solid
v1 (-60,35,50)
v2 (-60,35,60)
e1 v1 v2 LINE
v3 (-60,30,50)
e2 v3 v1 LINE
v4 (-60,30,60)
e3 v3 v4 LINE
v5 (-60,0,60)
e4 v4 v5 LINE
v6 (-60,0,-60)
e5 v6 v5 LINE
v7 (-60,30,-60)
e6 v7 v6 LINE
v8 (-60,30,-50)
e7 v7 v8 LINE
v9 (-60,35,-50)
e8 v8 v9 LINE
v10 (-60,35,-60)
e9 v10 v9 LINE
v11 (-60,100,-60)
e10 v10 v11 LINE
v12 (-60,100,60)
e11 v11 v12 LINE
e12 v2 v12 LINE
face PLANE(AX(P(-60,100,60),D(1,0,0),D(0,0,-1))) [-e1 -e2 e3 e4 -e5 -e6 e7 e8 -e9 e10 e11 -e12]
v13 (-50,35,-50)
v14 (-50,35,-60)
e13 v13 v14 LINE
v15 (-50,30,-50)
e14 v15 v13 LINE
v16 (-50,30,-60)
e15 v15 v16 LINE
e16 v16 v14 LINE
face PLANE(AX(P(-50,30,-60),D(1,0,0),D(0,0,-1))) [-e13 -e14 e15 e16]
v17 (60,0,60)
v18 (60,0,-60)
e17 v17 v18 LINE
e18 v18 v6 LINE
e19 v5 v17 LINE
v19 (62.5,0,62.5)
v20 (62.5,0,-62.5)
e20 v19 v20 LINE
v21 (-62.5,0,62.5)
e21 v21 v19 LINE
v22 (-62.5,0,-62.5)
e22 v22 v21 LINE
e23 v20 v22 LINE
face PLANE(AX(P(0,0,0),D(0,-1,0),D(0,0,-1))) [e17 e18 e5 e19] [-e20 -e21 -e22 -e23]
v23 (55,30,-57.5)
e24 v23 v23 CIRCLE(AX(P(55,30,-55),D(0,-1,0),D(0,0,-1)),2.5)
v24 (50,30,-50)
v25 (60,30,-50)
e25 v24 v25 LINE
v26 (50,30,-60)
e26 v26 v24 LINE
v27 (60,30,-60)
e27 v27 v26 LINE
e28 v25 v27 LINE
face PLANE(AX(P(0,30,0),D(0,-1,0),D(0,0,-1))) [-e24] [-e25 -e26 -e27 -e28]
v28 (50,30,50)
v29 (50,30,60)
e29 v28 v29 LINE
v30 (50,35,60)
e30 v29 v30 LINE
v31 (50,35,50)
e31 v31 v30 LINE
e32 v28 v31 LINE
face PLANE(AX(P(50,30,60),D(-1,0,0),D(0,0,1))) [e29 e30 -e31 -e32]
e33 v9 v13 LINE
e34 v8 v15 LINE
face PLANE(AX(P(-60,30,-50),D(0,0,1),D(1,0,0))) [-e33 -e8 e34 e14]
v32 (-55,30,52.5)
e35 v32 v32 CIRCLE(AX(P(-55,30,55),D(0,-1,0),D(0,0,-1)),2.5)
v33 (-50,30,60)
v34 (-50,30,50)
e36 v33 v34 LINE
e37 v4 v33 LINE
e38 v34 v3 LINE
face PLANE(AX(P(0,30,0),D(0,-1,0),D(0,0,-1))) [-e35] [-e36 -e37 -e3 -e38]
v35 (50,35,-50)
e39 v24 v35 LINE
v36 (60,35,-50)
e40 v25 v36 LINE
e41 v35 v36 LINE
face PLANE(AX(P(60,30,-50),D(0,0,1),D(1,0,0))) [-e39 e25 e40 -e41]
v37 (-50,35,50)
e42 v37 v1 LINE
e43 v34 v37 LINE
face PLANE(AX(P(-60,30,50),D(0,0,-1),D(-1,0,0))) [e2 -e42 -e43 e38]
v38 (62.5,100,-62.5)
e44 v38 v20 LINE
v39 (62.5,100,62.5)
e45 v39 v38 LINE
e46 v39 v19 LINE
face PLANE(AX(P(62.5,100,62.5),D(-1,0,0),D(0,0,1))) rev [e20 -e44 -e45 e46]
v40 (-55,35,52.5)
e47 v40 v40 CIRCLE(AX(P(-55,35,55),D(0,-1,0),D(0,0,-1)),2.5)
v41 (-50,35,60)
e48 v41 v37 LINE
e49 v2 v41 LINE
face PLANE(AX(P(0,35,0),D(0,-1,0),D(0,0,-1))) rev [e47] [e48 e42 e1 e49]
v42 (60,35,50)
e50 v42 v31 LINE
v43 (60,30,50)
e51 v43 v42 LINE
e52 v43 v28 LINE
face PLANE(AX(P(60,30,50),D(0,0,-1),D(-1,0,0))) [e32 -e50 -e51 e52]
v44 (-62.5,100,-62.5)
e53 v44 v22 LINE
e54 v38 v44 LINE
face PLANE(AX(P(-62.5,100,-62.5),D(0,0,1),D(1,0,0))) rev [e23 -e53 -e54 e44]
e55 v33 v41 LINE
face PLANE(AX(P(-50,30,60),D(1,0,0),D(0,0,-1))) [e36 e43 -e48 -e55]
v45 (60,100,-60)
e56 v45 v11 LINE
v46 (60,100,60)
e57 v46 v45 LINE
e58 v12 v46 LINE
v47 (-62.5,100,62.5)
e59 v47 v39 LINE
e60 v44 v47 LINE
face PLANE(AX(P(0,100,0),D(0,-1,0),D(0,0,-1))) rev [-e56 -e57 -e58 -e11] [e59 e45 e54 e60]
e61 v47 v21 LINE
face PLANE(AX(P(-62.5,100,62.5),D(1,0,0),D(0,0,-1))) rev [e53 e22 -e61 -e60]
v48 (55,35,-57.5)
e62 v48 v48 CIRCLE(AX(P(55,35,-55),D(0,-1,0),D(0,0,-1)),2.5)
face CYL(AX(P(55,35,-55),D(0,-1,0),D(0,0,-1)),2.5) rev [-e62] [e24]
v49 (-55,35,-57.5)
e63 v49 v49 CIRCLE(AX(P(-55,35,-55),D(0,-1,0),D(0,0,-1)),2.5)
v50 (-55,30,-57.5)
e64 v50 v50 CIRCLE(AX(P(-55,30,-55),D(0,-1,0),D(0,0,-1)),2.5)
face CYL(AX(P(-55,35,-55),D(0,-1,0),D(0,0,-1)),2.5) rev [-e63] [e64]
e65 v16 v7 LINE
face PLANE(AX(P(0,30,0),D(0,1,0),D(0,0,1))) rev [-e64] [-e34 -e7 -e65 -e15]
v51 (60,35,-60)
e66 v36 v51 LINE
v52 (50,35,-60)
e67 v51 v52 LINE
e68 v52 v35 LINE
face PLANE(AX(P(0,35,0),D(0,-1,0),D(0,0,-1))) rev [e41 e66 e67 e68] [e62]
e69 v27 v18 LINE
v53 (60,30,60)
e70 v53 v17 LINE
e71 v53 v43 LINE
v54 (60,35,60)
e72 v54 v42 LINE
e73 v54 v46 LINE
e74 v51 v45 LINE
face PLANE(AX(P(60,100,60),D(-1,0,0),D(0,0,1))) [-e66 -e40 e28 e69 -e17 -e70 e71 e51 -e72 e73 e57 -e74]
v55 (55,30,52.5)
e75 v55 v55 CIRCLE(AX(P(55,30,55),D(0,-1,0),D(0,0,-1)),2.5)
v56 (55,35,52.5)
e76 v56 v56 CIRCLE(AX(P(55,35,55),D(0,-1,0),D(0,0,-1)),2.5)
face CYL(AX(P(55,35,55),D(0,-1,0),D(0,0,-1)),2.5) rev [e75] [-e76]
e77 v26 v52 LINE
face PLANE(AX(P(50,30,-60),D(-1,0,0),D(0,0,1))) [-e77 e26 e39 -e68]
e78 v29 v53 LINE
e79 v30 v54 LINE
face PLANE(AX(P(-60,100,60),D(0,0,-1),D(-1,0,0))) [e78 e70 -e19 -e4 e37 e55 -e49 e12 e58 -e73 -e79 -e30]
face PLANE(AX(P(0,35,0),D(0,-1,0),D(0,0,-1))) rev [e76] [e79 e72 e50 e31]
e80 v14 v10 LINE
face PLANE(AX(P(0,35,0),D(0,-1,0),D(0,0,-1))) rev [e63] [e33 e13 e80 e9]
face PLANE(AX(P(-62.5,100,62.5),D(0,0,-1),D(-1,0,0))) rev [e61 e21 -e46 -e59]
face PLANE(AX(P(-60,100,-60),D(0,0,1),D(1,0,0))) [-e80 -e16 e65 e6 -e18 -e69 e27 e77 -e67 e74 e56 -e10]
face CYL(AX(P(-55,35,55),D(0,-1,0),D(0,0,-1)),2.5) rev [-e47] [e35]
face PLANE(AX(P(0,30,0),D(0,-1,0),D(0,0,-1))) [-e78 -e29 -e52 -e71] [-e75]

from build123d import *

# Parameters (mm, degrees)
SKETCH1_W           = 125
SKETCH1_H           = 125
SKETCH1_W_2         = 120
SKETCH1_H_2         = 120
BOSS_EXTRUDE1_DEPTH = 100
SKETCH3_W           = 10
SKETCH3_H           = 10
BOSS_EXTRUDE2_DEPTH = 70
SKETCH4_R           = 2.5
CUT_EXTRUDE1_DEPTH  = 5
SKETCH5_W           = 120
SKETCH5_H           = 120
CUT_EXTRUDE2_DEPTH  = 65


with BuildPart() as part:
    # Sketch1 → Boss-Extrude1 (new body)
    with BuildSketch(Plane(origin=(0, 0, 0), x_dir=(1, 0, 0), z_dir=(0, 1, 0))):
        Rectangle(SKETCH1_W, SKETCH1_H)
        Rectangle(SKETCH1_W_2, SKETCH1_H_2, mode=Mode.SUBTRACT)
    extrude(amount=BOSS_EXTRUDE1_DEPTH)

    # Sketch3 → Boss-Extrude2 (add)
    with BuildSketch(Plane(origin=(0, 100, 0), x_dir=(1, 0, 0), z_dir=(0, 1, 0))):
        with Locations((55, 55)):
            Rectangle(SKETCH3_W, SKETCH3_H)
        with Locations((-55, 55)):
            Rectangle(SKETCH3_W, SKETCH3_H)
        with Locations((55, -55)):
            Rectangle(SKETCH3_W, SKETCH3_H)
        with Locations((-55, -55)):
            Rectangle(SKETCH3_W, SKETCH3_H)
    extrude(amount=-BOSS_EXTRUDE2_DEPTH)

    # Sketch4 → Cut-Extrude1 (cut)
    with BuildSketch(Plane.XZ.offset(-30)):
        with Locations((-55, 55)):
            Circle(SKETCH4_R)
        with Locations((55, 55)):
            Circle(SKETCH4_R)
        with Locations((55, -55)):
            Circle(SKETCH4_R)
        with Locations((-55, -55)):
            Circle(SKETCH4_R)
    extrude(amount=-CUT_EXTRUDE1_DEPTH, mode=Mode.SUBTRACT)

    # Sketch5 → Cut-Extrude2 (cut)
    with BuildSketch(Plane(origin=(0, 100, 0), x_dir=(1, 0, 0), z_dir=(0, 1, 0))):
        Rectangle(SKETCH5_W, SKETCH5_H)
    extrude(amount=-CUT_EXTRUDE2_DEPTH, mode=Mode.SUBTRACT)


solid = part.part
